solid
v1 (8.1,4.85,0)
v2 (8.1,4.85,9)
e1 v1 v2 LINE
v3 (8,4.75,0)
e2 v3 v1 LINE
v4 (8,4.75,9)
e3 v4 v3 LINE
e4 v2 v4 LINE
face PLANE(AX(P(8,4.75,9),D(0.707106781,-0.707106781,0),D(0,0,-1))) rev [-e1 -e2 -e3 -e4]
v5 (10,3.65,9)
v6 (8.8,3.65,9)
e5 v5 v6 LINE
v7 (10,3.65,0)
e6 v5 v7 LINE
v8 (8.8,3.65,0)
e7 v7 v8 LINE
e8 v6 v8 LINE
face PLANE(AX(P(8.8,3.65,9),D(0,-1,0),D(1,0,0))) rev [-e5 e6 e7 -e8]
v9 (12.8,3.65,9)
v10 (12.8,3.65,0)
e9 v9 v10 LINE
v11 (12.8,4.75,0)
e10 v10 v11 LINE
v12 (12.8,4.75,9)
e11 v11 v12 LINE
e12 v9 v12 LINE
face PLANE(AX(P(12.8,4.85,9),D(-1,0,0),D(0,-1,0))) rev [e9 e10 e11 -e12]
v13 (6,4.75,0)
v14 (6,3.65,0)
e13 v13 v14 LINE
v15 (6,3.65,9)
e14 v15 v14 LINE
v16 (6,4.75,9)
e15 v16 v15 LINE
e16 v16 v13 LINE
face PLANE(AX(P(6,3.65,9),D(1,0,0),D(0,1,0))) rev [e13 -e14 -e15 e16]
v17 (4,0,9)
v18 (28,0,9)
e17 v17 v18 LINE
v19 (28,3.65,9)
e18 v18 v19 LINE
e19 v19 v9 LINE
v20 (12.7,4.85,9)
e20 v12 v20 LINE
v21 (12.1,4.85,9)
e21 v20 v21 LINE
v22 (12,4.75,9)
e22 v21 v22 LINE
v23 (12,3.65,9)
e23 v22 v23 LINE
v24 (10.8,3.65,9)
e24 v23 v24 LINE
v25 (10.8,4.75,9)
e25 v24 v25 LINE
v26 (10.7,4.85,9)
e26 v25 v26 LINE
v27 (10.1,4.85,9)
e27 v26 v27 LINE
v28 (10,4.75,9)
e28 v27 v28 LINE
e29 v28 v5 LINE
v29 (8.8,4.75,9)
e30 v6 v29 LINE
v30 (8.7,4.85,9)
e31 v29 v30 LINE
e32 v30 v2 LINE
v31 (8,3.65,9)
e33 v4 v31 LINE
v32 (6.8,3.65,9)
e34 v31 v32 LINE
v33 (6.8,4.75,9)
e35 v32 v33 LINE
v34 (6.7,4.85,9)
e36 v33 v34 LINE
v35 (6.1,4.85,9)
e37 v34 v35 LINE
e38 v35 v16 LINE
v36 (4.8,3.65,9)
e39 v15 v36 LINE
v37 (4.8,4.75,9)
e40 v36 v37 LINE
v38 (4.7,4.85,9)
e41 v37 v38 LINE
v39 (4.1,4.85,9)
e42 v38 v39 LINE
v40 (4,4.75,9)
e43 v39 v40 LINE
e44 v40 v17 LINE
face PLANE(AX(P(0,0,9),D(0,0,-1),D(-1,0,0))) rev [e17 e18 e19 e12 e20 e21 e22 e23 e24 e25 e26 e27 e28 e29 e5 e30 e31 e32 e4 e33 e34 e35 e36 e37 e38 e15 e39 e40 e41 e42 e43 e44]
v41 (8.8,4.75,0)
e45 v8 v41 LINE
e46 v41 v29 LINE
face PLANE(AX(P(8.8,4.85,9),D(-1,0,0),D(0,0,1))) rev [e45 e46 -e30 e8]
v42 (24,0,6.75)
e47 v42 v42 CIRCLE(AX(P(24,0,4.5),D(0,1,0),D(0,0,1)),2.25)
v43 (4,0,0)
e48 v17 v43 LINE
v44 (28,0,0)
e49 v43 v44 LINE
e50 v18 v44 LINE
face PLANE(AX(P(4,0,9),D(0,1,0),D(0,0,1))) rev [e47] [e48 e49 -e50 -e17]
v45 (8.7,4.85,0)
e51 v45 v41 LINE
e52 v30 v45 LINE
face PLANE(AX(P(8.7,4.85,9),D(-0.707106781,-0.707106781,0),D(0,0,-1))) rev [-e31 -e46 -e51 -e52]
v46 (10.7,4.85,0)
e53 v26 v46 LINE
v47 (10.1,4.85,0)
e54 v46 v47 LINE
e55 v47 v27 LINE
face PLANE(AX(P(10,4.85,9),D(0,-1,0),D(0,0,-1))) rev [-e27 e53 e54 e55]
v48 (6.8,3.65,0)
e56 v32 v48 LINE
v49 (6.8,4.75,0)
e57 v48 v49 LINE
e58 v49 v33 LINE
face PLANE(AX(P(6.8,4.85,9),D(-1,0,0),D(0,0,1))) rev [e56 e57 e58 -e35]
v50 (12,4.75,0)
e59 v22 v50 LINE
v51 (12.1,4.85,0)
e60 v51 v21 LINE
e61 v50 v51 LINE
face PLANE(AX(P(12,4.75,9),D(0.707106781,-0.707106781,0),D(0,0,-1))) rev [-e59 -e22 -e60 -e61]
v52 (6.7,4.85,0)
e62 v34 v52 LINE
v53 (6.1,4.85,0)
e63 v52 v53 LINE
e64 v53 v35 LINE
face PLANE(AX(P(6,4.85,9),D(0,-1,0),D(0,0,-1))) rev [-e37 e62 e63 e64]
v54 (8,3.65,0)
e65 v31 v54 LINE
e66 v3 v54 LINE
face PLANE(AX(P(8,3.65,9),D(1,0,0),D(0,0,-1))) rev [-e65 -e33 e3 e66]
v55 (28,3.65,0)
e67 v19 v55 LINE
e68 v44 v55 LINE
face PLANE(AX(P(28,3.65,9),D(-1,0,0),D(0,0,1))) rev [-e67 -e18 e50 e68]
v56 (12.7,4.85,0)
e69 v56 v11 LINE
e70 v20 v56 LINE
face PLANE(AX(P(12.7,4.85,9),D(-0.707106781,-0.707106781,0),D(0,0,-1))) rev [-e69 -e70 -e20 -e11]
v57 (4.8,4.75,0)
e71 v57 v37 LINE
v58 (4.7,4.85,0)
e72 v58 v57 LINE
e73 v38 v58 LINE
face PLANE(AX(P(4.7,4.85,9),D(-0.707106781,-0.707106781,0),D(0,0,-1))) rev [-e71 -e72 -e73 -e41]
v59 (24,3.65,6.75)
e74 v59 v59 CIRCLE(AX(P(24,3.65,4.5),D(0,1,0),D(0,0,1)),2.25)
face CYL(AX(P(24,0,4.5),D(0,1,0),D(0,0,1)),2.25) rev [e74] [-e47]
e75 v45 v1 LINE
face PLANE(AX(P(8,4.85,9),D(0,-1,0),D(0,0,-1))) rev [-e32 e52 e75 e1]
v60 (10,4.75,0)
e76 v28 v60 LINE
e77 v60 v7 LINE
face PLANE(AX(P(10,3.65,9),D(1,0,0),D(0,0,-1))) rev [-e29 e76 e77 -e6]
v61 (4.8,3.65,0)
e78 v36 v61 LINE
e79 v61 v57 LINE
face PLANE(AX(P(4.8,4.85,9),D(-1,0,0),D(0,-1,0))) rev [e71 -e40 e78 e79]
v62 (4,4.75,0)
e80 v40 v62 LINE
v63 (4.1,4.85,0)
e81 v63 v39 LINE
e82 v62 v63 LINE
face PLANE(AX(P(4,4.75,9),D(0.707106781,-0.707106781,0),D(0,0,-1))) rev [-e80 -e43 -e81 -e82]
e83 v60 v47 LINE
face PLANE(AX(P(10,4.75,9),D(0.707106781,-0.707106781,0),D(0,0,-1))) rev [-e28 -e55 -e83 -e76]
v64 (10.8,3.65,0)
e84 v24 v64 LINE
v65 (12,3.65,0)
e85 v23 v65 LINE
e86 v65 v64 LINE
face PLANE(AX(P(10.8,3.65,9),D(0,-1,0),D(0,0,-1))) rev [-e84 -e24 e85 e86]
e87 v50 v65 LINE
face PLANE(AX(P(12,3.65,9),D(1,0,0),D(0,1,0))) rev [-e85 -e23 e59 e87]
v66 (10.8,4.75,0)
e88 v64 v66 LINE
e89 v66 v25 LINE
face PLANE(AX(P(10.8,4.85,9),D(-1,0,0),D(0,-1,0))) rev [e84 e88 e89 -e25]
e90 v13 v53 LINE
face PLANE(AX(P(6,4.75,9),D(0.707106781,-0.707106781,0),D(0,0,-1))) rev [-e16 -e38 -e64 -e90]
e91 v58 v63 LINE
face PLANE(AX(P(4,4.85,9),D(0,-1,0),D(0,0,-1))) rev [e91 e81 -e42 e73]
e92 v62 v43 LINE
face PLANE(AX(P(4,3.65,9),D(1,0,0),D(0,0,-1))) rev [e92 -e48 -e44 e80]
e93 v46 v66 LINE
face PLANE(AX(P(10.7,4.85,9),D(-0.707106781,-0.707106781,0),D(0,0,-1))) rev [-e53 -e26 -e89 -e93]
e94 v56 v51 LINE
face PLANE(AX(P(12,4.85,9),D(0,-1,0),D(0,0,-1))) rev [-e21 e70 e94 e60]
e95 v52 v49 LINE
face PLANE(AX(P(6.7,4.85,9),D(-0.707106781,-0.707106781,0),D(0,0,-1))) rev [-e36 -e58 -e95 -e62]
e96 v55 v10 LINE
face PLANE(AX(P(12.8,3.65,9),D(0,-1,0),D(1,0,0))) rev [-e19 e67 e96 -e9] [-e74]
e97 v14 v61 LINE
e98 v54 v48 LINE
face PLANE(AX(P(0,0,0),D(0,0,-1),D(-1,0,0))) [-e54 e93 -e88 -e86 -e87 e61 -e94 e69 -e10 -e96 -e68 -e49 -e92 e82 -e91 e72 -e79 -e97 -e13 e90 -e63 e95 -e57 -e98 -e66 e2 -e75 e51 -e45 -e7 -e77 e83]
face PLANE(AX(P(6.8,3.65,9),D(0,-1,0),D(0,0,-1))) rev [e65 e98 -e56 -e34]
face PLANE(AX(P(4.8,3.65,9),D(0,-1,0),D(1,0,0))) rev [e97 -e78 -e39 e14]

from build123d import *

# Parameters (mm, degrees)
BOSS_EXTRUDE1_DEPTH = 9
CHAMFER1_SIZE       = 0.1
SKETCH2_R           = 2.25
CUT_EXTRUDE1_DEPTH  = 4.65


with BuildPart() as part:
    # Sketch1 → Boss-Extrude1 (new body)
    with BuildSketch(Plane.XY):
        Polygon((28, 3.65), (28, 0), (4, 0), (4, 3.65), (4, 4.85), (4.8, 4.85), (4.8, 3.65), (6, 3.65), (6, 4.85), (6.8, 4.85), (6.8, 3.65), (8, 3.65), (8, 4.85), (8.8, 4.85), (8.8, 3.65), (10, 3.65), (10, 4.85), (10.8, 4.85), (10.8, 3.65), (12, 3.65), (12, 4.85), (12.8, 4.85), (12.8, 3.65), align=None)
    extrude(amount=BOSS_EXTRUDE1_DEPTH)

    # Chamfer1
    chamfer1_edges = [part.edges().sort_by_distance(p)[0] for p in [
        (4, 4.85, 4.5),
        (4.8, 4.85, 4.5),
        (6, 4.85, 4.5),
        (6.8, 4.85, 4.5),
        (8, 4.85, 4.5),
        (8.8, 4.85, 4.5),
        (10, 4.85, 4.5),
        (10.8, 4.85, 4.5),
        (12, 4.85, 4.5),
        (12.8, 4.85, 4.5),
    ]]
    chamfer(chamfer1_edges, length=CHAMFER1_SIZE)

    # Sketch2 → Cut-Extrude1 (cut, through all)
    with BuildSketch(Plane(origin=(0, 3.65, 0), x_dir=(1, 0, 0), z_dir=(0, 1, 0))):
        with Locations((24, -4.5)):
            Circle(SKETCH2_R)
    extrude(amount=-CUT_EXTRUDE1_DEPTH, mode=Mode.SUBTRACT)


solid = part.part
